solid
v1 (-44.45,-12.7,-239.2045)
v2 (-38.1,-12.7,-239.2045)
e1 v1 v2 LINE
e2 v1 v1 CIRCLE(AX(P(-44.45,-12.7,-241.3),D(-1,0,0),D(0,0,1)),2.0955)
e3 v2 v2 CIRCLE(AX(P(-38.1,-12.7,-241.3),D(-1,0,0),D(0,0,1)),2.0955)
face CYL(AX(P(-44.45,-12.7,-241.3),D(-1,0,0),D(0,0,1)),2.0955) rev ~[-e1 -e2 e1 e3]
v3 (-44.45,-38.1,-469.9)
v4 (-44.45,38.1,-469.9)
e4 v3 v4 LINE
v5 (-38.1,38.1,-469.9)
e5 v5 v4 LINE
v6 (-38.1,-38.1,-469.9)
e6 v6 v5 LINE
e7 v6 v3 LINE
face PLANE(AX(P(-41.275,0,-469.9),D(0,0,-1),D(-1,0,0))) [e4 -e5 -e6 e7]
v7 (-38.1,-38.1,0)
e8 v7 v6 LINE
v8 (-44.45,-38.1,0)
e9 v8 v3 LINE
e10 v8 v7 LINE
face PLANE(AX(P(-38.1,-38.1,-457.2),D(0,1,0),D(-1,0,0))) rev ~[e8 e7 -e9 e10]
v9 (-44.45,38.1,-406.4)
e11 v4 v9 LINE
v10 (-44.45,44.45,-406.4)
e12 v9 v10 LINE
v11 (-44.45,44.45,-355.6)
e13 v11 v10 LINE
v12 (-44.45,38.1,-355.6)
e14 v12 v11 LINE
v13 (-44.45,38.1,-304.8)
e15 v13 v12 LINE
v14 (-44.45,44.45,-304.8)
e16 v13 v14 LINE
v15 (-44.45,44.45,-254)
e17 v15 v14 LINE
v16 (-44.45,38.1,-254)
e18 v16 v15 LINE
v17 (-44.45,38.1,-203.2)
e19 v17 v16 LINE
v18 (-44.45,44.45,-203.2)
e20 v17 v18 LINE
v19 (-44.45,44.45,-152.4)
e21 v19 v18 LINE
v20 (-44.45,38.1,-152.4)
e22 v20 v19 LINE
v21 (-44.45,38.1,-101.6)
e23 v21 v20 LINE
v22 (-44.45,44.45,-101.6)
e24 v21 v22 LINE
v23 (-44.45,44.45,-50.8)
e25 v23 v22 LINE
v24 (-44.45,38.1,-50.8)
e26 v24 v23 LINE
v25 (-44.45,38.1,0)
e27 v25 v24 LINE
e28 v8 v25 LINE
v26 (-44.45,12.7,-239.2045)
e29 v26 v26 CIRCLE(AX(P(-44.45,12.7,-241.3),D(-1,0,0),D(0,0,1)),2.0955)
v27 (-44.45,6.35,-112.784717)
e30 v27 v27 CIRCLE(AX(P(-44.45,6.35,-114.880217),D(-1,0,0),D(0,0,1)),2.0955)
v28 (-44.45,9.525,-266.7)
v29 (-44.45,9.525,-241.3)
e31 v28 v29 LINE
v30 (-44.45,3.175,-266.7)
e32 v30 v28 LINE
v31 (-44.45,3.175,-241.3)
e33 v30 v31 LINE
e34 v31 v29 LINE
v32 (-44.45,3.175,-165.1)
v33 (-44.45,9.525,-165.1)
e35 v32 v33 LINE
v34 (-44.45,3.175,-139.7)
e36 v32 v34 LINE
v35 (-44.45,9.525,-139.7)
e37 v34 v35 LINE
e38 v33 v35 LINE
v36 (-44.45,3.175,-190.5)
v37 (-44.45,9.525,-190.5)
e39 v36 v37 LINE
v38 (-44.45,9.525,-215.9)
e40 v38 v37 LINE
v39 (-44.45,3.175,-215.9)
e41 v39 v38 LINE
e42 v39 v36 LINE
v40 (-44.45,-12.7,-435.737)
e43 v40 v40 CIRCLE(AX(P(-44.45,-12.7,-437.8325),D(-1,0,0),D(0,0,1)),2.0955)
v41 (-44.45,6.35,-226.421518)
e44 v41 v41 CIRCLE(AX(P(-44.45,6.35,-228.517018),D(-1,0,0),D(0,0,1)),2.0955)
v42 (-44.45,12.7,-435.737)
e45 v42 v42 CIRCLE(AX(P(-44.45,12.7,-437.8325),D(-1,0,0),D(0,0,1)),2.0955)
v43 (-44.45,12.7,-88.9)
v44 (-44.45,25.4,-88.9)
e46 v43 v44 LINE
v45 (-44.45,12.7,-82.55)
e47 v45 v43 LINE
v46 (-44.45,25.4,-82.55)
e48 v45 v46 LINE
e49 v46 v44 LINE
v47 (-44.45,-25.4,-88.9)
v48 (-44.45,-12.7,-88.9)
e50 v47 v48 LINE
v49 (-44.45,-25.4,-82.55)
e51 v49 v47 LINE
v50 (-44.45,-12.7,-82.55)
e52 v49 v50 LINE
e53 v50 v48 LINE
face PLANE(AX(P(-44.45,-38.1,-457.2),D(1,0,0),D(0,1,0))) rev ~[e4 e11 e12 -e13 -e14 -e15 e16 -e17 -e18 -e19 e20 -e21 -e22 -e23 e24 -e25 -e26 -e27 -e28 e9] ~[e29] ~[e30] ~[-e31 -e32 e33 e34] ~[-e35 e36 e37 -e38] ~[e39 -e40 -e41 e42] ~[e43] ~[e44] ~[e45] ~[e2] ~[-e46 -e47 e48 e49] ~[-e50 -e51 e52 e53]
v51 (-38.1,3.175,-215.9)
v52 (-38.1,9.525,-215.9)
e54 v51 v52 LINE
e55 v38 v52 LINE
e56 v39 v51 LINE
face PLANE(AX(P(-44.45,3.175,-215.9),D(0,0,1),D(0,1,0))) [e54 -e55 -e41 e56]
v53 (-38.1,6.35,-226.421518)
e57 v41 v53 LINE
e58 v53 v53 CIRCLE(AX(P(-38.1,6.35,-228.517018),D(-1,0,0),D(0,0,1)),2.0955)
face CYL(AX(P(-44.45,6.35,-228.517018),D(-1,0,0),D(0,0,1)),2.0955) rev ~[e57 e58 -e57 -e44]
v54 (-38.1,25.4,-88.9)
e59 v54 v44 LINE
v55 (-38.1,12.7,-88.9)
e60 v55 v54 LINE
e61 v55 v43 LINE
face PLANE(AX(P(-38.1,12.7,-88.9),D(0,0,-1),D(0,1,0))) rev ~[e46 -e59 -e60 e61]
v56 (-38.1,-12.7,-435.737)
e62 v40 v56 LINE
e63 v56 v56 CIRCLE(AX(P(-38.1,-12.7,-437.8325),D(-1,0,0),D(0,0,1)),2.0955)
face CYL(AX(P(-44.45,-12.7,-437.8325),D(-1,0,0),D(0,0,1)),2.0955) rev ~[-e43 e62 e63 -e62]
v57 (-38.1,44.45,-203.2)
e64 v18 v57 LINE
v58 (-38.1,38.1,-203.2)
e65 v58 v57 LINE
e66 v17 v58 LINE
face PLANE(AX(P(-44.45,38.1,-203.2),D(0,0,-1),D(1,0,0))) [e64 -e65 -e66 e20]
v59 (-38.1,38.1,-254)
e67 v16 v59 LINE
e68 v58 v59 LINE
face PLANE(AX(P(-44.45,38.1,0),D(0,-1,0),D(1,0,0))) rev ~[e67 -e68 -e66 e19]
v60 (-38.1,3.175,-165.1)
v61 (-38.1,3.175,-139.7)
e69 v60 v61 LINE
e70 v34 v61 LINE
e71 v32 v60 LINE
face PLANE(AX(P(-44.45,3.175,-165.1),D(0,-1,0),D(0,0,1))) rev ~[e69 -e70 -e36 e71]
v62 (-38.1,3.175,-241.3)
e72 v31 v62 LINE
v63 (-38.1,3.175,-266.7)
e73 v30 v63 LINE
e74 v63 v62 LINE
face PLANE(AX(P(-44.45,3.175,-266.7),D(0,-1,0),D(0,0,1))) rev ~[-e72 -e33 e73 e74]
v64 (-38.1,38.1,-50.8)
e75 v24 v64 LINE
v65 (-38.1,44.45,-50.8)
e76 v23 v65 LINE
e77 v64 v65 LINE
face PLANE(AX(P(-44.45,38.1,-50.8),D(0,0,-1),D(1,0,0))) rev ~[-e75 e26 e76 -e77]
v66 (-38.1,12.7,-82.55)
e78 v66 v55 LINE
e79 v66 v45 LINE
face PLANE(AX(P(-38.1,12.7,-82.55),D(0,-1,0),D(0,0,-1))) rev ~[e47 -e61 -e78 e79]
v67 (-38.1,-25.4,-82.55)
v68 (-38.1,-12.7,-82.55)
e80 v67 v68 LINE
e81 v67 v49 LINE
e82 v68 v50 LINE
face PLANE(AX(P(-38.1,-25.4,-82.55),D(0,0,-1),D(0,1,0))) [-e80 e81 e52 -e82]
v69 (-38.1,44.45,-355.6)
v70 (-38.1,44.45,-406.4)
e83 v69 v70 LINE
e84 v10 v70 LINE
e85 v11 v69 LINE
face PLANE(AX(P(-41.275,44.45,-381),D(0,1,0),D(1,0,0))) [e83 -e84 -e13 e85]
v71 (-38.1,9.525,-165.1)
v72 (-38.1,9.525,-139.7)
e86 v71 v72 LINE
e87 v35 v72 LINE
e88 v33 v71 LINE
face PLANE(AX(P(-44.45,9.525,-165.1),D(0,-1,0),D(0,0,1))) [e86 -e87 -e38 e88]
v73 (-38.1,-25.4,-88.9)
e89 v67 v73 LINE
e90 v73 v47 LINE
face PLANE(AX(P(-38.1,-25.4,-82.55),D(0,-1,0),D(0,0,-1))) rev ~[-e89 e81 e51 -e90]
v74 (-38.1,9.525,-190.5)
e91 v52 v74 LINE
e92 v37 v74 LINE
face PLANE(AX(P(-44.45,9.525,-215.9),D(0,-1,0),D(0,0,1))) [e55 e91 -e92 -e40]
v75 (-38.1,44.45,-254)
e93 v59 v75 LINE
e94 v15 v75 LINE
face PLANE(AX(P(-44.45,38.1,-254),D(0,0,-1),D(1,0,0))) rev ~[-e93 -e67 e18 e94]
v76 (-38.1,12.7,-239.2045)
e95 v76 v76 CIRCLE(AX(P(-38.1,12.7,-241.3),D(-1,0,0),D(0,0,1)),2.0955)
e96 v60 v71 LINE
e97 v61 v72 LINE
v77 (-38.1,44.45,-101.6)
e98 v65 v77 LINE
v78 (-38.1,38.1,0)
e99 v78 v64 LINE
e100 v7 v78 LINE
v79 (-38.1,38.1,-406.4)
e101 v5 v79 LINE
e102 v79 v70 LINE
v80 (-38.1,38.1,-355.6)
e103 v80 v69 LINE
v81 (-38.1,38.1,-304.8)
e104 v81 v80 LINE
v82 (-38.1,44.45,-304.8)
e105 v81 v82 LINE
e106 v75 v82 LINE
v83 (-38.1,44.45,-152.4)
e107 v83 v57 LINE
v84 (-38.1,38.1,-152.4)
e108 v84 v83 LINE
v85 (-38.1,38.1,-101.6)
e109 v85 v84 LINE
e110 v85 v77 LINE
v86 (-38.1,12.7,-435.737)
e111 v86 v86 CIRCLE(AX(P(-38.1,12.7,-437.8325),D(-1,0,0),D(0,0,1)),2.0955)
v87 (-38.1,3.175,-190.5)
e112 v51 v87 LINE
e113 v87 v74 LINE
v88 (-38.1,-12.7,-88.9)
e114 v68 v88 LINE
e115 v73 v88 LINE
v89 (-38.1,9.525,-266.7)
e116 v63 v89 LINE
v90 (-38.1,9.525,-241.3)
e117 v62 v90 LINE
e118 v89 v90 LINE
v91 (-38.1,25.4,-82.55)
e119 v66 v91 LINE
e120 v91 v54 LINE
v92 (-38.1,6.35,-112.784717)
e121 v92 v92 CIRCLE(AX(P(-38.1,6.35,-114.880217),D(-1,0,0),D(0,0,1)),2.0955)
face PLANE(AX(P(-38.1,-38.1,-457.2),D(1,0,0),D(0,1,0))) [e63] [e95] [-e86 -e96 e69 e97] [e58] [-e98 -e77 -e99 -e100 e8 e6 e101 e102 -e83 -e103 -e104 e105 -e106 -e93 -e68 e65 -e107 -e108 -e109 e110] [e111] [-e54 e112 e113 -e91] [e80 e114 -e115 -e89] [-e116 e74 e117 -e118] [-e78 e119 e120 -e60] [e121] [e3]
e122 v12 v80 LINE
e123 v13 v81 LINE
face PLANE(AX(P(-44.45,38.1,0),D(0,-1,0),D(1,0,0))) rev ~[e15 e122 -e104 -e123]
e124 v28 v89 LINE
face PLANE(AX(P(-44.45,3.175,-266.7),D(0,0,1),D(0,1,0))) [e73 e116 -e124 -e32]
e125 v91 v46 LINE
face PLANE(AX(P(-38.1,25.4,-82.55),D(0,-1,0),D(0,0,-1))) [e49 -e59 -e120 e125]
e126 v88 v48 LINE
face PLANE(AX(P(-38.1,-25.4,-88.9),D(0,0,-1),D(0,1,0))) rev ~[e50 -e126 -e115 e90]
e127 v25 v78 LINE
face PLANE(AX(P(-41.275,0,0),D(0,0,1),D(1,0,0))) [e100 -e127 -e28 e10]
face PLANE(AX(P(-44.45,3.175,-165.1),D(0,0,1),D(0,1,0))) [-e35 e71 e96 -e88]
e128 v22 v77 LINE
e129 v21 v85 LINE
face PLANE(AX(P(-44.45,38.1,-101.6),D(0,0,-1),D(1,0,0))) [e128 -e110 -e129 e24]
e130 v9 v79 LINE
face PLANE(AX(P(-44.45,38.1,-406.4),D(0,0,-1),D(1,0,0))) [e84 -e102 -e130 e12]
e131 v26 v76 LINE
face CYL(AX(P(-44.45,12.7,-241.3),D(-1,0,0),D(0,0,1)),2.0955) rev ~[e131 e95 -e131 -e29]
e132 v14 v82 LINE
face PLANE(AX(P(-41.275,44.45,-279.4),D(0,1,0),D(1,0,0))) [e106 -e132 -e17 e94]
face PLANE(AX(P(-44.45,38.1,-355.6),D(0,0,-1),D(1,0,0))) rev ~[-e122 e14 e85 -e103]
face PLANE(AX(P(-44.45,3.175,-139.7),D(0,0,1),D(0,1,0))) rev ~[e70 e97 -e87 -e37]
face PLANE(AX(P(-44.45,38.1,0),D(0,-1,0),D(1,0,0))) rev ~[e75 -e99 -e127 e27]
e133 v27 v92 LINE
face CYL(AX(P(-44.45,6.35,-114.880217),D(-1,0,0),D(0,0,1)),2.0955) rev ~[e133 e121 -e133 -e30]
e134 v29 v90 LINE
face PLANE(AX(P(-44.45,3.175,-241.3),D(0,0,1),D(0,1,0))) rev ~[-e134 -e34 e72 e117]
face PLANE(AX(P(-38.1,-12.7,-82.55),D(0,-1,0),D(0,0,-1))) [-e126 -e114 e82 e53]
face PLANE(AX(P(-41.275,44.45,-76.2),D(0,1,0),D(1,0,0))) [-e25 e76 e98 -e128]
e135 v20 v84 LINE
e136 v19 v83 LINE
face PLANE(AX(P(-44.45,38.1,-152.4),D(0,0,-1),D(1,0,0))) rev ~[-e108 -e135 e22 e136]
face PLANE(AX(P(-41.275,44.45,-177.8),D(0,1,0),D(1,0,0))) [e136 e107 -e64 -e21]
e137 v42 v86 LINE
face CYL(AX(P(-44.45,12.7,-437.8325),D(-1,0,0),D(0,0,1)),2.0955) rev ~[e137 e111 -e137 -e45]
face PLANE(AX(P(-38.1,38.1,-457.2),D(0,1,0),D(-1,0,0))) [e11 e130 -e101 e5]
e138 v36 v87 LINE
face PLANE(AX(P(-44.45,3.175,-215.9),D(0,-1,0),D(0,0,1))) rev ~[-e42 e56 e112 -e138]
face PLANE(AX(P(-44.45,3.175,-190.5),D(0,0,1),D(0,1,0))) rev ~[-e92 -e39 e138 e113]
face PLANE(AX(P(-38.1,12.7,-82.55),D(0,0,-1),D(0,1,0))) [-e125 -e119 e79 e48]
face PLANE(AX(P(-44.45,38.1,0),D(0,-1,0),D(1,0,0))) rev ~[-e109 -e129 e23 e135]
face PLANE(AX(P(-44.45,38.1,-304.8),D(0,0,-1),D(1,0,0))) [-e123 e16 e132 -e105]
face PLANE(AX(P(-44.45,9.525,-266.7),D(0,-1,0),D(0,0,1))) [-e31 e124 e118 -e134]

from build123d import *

# Parameters (mm, degrees)
SKETCH1_W           = 6.35
SKETCH1_H           = 76.2
BOSS_EXTRUDE1_DEPTH = 457.2
SKETCH2_W           = 6.35
SKETCH2_H           = 50.8
BOSS_EXTRUDE2_DEPTH = 6.35
SKETCH3_W           = 6.35
SKETCH3_H           = 12.7
CUT_EXTRUDE1_DEPTH  = 460.399570091
SKETCH7_R           = 2.0955
CUT_EXTRUDE2_DEPTH  = 460.399570091
SKETCH9_R           = 2.0955
SKETCH9_W           = 25.4
SKETCH9_H           = 6.35
CUT_EXTRUDE3_DEPTH  = 6.35
SKETCH11_W          = 6.35
SKETCH11_H          = 76.2
BOSS_EXTRUDE5_DEPTH = 12.7


with BuildPart() as part:
    # Sketch1 → Boss-Extrude1 (new body)
    with BuildSketch(Plane.XY):
        with Locations((-41.275, 0)):
            Rectangle(SKETCH1_W, SKETCH1_H)
    extrude(amount=-BOSS_EXTRUDE1_DEPTH)

    # Sketch2 → Boss-Extrude2 (add)
    with BuildSketch(Plane(origin=(0, 38.1, 0), x_dir=(1, 0, 0), z_dir=(0, 1, 0))):
        with Locations((-41.275, 381)):
            Rectangle(SKETCH2_W, SKETCH2_H)
        with Locations((-41.275, 279.4)):
            Rectangle(SKETCH2_W, SKETCH2_H)
        with Locations((-41.275, 177.8)):
            Rectangle(SKETCH2_W, SKETCH2_H)
        with Locations((-41.275, 76.2)):
            Rectangle(SKETCH2_W, SKETCH2_H)
    extrude(amount=BOSS_EXTRUDE2_DEPTH)

    # Sketch3 → Cut-Extrude1 (cut, through all)
    with BuildSketch(Plane(origin=(-38.1, 0, 0), x_dir=(0, 0, -1), z_dir=(1, 0, 0))):
        with Locations((85.725, 19.05)):
            Rectangle(SKETCH3_W, SKETCH3_H)
        with Locations((85.725, -19.05)):
            Rectangle(SKETCH3_W, SKETCH3_H)
    extrude(amount=-CUT_EXTRUDE1_DEPTH, mode=Mode.SUBTRACT)

    # Sketch7 → Cut-Extrude2 (cut, through all)
    with BuildSketch(Plane.ZY.offset(44.45)):
        with Locations((-241.3, -12.7)):
            Circle(SKETCH7_R)
        with Locations((-241.3, 12.7)):
            Circle(SKETCH7_R)
        with Locations((-437.8325, -12.7)):
            Circle(SKETCH7_R)
        with Locations((-437.8325, 12.7)):
            Circle(SKETCH7_R)
    extrude(amount=-CUT_EXTRUDE2_DEPTH, mode=Mode.SUBTRACT)

    # Sketch9 → Cut-Extrude3 (cut)
    with BuildSketch(Plane.ZY.offset(44.45)):
        with Locations((-114.880216651, 6.35)):
            Circle(SKETCH9_R)
        with Locations((-228.517018256, 6.35)):
            Circle(SKETCH9_R)
        with Locations((-254, 6.35)):
            Rectangle(SKETCH9_W, SKETCH9_H)
        with Locations((-203.2, 6.35)):
            Rectangle(SKETCH9_W, SKETCH9_H)
        with Locations((-152.4, 6.35)):
            Rectangle(SKETCH9_W, SKETCH9_H)
    extrude(amount=-CUT_EXTRUDE3_DEPTH, mode=Mode.SUBTRACT)

    # Sketch11 → Boss-Extrude5 (add)
    with BuildSketch(Plane(origin=(0, 0, -457.2), x_dir=(-1, 0, 0), z_dir=(0, 0, -1))):
        with Locations((41.275, 0)):
            Rectangle(SKETCH11_W, SKETCH11_H)
    extrude(amount=BOSS_EXTRUDE5_DEPTH)


solid = part.part
